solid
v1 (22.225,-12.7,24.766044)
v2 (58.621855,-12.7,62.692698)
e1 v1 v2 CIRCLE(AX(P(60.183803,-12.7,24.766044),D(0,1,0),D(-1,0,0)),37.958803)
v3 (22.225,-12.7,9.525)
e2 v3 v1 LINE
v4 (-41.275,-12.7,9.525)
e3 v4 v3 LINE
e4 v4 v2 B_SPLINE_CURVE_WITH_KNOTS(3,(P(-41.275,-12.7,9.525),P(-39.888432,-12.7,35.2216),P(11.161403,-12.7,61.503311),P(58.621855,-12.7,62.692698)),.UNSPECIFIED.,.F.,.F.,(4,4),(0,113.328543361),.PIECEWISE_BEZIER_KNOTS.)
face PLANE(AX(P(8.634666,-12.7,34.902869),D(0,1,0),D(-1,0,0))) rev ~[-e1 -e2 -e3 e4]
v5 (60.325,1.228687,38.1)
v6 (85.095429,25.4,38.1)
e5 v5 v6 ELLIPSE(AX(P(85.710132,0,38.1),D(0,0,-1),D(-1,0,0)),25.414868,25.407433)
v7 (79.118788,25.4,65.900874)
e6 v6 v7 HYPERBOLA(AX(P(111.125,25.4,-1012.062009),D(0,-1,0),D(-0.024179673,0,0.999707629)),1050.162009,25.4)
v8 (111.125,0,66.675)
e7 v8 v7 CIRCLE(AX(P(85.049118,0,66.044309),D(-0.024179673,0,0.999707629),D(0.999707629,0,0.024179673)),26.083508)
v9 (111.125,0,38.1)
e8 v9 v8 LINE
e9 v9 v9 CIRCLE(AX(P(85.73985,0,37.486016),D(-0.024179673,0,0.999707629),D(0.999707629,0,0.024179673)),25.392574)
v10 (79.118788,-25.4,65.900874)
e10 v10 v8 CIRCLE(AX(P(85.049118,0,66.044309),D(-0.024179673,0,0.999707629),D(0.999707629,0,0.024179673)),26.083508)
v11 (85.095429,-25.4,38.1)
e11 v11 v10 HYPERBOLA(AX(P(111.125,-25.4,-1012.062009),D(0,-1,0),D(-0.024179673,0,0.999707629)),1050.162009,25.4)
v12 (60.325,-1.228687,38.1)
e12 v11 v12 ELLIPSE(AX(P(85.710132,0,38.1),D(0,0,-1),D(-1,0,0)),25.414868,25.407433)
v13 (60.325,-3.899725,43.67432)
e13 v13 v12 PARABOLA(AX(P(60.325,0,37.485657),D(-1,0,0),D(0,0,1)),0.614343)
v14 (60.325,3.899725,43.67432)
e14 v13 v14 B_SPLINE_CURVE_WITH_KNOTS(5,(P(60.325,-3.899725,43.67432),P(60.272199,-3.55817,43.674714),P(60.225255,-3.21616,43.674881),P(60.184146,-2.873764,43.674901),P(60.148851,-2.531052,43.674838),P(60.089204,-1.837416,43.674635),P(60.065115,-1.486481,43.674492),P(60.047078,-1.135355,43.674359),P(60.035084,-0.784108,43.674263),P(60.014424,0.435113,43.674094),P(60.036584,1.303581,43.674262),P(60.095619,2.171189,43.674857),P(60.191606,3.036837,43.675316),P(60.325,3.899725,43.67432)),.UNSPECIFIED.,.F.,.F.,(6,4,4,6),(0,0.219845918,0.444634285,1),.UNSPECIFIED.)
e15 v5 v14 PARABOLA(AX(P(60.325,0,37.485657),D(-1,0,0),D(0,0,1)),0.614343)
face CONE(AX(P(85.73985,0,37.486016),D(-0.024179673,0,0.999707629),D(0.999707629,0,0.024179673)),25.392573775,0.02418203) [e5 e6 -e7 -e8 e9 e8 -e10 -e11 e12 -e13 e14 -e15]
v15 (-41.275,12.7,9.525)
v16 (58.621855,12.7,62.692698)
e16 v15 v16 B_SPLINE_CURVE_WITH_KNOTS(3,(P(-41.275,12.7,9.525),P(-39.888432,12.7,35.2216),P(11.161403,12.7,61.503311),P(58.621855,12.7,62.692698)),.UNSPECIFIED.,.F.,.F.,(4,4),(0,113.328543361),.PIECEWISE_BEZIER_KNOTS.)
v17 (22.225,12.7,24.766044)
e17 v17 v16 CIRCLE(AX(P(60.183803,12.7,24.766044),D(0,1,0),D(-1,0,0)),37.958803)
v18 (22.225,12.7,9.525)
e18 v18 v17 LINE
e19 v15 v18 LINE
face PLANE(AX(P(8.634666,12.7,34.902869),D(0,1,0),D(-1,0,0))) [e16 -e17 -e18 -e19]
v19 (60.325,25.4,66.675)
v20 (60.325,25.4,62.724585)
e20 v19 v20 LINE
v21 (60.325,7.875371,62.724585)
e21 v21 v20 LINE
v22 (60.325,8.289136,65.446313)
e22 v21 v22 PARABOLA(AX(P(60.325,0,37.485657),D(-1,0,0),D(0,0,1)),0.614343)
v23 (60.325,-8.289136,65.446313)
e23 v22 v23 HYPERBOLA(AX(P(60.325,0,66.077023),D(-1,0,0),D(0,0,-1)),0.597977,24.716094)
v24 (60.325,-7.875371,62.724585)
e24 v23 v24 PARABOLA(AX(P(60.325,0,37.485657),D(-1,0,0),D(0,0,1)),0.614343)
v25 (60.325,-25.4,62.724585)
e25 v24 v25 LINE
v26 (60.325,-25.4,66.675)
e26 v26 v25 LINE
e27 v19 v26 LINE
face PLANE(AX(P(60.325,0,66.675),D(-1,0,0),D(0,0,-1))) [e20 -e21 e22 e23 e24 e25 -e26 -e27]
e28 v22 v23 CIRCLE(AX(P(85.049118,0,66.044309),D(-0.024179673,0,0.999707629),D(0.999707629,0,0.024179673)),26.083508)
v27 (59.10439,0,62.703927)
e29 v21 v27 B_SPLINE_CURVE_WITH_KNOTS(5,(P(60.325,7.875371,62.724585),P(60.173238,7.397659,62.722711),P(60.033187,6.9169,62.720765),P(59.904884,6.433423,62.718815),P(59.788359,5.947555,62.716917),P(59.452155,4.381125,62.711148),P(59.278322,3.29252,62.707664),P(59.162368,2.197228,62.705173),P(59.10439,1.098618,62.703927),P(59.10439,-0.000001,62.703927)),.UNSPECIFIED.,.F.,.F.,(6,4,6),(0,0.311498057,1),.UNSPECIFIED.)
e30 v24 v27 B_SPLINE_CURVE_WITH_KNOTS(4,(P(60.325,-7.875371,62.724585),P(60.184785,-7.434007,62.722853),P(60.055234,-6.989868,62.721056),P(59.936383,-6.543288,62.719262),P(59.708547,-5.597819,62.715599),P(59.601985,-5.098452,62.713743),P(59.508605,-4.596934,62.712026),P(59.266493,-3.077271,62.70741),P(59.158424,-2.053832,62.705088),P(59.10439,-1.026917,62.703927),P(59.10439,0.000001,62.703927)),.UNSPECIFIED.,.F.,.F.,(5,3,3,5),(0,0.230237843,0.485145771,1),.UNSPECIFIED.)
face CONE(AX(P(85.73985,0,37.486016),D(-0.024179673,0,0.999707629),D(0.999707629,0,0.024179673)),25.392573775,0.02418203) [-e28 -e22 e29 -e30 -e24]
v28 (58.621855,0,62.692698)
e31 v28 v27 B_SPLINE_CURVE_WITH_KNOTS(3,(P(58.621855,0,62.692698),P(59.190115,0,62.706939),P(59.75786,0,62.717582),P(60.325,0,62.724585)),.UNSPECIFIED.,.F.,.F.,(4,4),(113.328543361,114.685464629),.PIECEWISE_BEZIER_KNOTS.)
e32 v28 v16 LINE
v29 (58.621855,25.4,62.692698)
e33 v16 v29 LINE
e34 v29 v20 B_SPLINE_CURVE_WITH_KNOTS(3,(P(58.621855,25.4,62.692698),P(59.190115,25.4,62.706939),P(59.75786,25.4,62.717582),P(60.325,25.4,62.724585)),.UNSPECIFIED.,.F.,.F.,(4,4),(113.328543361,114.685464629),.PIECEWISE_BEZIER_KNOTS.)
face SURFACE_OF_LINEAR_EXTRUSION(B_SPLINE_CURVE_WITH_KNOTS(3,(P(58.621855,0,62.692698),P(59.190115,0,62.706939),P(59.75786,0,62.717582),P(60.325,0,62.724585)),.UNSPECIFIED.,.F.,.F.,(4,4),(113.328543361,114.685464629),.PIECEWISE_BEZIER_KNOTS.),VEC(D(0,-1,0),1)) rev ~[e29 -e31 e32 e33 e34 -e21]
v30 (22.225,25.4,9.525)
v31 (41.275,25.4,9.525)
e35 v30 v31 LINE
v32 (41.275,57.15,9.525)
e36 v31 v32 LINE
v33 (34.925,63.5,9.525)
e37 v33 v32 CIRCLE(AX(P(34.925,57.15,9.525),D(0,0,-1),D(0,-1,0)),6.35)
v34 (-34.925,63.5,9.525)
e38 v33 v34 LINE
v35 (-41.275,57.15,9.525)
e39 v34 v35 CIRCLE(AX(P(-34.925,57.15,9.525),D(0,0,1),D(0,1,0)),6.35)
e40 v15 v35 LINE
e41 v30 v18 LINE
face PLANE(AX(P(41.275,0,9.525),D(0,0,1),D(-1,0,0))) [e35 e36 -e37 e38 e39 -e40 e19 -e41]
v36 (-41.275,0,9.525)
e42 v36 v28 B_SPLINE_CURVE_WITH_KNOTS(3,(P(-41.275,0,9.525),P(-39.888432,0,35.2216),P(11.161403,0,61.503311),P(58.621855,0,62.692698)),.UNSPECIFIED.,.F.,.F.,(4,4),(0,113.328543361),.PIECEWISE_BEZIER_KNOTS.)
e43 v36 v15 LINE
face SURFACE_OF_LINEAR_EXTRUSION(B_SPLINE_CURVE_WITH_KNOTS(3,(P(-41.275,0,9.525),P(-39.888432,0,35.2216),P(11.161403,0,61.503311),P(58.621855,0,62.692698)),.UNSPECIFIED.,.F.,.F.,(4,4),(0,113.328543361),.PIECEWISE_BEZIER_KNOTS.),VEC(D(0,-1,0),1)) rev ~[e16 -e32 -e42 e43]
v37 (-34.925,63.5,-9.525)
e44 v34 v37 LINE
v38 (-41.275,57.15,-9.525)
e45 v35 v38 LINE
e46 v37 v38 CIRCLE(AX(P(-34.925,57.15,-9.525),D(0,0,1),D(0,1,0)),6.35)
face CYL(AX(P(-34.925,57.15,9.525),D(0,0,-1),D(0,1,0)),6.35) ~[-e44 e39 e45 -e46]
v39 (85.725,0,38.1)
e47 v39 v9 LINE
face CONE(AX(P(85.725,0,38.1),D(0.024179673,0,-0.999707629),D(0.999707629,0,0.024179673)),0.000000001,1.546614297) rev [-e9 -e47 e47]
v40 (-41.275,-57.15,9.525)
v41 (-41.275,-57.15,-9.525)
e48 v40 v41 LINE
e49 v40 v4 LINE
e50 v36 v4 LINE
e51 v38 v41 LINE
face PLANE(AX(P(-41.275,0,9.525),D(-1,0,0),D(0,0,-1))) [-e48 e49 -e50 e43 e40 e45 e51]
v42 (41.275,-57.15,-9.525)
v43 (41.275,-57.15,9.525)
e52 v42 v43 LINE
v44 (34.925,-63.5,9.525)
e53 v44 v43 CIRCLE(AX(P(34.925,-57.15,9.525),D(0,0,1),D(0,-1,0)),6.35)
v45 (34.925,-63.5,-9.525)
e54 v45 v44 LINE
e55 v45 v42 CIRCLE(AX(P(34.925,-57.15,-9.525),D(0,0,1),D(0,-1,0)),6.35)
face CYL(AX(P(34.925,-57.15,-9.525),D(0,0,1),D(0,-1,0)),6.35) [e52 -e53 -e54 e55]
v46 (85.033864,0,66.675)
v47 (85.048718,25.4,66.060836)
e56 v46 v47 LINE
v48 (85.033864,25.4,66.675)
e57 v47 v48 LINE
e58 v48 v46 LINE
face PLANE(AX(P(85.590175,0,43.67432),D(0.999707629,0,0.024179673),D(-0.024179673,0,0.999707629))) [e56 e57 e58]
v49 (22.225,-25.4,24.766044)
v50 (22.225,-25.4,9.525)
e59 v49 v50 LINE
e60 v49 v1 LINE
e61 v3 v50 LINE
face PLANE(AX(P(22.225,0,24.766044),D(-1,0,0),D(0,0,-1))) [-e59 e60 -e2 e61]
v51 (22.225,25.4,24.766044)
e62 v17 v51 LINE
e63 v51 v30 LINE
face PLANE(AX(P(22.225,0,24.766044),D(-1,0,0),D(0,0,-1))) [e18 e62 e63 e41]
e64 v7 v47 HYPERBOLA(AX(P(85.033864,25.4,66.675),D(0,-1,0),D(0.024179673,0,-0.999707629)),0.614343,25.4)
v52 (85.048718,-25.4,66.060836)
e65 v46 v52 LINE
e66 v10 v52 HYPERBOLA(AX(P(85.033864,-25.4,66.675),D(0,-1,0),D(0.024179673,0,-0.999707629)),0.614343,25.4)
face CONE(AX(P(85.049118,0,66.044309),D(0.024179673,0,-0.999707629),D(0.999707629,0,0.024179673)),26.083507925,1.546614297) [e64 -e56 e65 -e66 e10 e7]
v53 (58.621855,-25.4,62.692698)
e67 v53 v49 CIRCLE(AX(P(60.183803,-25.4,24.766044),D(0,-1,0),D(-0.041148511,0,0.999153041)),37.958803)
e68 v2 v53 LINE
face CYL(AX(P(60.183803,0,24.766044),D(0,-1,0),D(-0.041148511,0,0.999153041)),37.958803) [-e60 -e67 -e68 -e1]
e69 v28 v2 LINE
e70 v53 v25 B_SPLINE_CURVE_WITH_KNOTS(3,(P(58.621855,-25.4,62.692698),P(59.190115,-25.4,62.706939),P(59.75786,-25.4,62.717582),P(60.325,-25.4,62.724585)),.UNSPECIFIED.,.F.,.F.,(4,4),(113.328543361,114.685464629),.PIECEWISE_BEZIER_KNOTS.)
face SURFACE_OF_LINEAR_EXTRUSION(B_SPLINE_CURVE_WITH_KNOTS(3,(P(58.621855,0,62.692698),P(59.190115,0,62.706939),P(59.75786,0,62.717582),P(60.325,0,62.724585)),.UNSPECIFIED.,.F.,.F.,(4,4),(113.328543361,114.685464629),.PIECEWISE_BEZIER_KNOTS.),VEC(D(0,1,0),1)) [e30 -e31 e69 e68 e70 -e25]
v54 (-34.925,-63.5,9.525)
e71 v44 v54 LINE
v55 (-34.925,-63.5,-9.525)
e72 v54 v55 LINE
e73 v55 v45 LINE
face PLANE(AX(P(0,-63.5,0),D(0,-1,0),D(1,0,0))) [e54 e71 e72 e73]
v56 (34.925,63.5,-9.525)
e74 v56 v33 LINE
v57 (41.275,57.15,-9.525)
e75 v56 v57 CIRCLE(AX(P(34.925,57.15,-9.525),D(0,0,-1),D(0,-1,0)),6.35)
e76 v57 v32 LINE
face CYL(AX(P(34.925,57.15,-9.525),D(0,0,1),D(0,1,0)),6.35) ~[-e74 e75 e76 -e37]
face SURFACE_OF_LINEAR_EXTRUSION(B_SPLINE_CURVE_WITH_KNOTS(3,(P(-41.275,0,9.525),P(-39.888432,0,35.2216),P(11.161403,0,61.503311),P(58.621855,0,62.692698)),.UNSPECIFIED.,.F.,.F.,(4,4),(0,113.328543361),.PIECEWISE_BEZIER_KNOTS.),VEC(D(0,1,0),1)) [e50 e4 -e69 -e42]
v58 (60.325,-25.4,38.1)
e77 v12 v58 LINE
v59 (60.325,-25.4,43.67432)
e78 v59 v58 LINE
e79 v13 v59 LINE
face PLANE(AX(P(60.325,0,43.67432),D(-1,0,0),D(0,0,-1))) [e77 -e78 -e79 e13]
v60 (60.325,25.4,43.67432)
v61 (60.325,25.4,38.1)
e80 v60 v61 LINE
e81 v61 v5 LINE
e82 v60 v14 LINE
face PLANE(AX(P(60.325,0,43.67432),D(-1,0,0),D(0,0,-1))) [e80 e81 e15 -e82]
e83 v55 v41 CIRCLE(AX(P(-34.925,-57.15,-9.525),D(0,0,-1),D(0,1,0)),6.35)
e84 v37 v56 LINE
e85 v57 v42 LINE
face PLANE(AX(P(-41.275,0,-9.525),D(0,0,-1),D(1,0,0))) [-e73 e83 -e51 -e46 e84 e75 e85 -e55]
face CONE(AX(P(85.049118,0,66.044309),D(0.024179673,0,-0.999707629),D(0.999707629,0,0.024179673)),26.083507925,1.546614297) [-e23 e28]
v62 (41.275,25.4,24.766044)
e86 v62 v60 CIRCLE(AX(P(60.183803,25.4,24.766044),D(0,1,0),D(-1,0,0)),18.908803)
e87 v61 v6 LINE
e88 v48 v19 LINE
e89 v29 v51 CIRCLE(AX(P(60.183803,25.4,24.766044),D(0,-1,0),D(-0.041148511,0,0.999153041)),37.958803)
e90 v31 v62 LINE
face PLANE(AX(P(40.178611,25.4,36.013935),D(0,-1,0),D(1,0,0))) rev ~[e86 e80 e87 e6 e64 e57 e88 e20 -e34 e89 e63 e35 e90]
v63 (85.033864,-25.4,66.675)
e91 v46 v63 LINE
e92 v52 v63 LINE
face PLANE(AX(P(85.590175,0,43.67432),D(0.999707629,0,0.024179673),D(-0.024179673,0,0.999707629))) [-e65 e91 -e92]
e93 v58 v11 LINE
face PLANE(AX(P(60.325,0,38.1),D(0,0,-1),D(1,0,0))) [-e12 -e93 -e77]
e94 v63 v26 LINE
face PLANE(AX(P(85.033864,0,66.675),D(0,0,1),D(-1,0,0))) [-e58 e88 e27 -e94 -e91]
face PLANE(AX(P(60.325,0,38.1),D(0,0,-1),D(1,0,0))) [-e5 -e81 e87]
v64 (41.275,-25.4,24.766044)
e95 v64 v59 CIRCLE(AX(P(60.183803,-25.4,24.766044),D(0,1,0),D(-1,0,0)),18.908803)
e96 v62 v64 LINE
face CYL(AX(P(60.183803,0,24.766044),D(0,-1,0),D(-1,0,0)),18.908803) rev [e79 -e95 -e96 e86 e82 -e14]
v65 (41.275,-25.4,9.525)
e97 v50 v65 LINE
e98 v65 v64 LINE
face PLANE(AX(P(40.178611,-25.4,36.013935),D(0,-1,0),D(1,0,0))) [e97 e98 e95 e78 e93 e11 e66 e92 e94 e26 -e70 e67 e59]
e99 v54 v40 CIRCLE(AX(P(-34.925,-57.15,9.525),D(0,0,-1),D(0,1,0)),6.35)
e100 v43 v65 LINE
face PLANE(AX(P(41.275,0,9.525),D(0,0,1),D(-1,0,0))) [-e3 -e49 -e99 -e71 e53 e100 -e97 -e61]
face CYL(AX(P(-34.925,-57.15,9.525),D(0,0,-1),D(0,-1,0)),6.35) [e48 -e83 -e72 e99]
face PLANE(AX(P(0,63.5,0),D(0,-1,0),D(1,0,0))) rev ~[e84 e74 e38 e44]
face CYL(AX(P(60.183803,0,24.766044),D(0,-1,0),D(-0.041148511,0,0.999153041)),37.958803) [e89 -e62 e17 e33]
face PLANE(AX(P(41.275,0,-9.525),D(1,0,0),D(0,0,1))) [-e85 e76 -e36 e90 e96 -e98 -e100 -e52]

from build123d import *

# Parameters (mm, degrees)
F1_DEPTH = 63.5
F2_DEPTH = 25.4
F3_DEPTH = 12.7
F5_R     = 6.35


with BuildPart() as f1:
    # F0 (on Front) → F1 (new body, symmetric)
    with BuildSketch(Plane.XZ):
        Polygon((22.225, 9.525), (-41.275, 9.525), (-41.275, -9.525), (41.275, -9.525), (41.275, 9.525), align=None)
    extrude(amount=F1_DEPTH, both=True)

    # F0 (on Front) → F2 (join, symmetric)
    with BuildSketch(Plane.XZ):
        with BuildLine():
            Line((22.225, 24.7660442862), (22.225, 9.525))
            Line((22.225, 9.525), (41.275, 9.525))
            Line((41.275, 9.525), (41.275, 24.7660442862))
            ThreePointArc((41.275, 24.7660442862), (46.8632744023, 38.1864149015), (60.325, 43.6743199825))
            Line((60.325, 43.6743199825), (60.325, 62.7245845587))
            add(Edge.make_bspline(
                [(58.6218546558, 62.6926976316), (59.1901148173, 62.7069385572), (59.7578604016, 62.7175822247), (60.325, 62.7245845587)],
                knots=[113.3285433614, 113.3285433614, 113.3285433614, 113.3285433614, 114.6854646292, 114.6854646292, 114.6854646292, 114.6854646292], degree=3))
            ThreePointArc((58.6218546558, 62.6926976316), (32.7962107912, 51.0489382613), (22.225, 24.7660442862))
        make_face()
        Polygon((60.325, 66.675), (60.325, 62.7245845587), (60.325, 43.6743199825), (85.5901753482, 43.6743199825), (85.0338637829, 66.675), align=None)
        Polygon((85.5901753482, 43.6743199825), (60.325, 43.6743199825), (60.325, 38.1), (85.725, 38.1), align=None)
    extrude(amount=F2_DEPTH, both=True)

    # F0 (on Front) → F3 (join, symmetric)
    with BuildSketch(Plane.XZ):
        with BuildLine():
            add(Edge.make_bspline(
                [(-41.275, 9.525), (-39.8884323403, 35.2216003411), (11.1614029089, 61.5033114907), (58.6218546558, 62.6926976316)],
                knots=[0, 0, 0, 0, 113.3285433614, 113.3285433614, 113.3285433614, 113.3285433614], degree=3))
            Line((-41.275, 9.525), (22.225, 9.525))
            Line((22.225, 9.525), (22.225, 24.7660442862))
            ThreePointArc((22.225, 24.7660442862), (32.7962107912, 51.0489382613), (58.6218546558, 62.6926976316))
        make_face()
    extrude(amount=F3_DEPTH, both=True)

    # F0 (on Front) → F4 (revolve)
    with BuildSketch(Plane.XZ):
        Polygon((85.0338637829, 66.675), (85.5901753482, 43.6743199825), (85.725, 38.1), (111.125, 38.1), (111.125, 66.675), align=None)
    revolve(axis=Axis((85.3794318914, 0, 52.3875), (-0.0241796728, 0, 0.999707629)))

    # F5
    f5_edges = [f1.edges().sort_by_distance(p)[0] for p in [
        (-41.275, -63.5, 0),
        (41.275, -63.5, 0),
        (-41.275, 63.5, 0),
        (41.275, 63.5, 0),
    ]]
    fillet(f5_edges, radius=F5_R)


solid = f1.part
